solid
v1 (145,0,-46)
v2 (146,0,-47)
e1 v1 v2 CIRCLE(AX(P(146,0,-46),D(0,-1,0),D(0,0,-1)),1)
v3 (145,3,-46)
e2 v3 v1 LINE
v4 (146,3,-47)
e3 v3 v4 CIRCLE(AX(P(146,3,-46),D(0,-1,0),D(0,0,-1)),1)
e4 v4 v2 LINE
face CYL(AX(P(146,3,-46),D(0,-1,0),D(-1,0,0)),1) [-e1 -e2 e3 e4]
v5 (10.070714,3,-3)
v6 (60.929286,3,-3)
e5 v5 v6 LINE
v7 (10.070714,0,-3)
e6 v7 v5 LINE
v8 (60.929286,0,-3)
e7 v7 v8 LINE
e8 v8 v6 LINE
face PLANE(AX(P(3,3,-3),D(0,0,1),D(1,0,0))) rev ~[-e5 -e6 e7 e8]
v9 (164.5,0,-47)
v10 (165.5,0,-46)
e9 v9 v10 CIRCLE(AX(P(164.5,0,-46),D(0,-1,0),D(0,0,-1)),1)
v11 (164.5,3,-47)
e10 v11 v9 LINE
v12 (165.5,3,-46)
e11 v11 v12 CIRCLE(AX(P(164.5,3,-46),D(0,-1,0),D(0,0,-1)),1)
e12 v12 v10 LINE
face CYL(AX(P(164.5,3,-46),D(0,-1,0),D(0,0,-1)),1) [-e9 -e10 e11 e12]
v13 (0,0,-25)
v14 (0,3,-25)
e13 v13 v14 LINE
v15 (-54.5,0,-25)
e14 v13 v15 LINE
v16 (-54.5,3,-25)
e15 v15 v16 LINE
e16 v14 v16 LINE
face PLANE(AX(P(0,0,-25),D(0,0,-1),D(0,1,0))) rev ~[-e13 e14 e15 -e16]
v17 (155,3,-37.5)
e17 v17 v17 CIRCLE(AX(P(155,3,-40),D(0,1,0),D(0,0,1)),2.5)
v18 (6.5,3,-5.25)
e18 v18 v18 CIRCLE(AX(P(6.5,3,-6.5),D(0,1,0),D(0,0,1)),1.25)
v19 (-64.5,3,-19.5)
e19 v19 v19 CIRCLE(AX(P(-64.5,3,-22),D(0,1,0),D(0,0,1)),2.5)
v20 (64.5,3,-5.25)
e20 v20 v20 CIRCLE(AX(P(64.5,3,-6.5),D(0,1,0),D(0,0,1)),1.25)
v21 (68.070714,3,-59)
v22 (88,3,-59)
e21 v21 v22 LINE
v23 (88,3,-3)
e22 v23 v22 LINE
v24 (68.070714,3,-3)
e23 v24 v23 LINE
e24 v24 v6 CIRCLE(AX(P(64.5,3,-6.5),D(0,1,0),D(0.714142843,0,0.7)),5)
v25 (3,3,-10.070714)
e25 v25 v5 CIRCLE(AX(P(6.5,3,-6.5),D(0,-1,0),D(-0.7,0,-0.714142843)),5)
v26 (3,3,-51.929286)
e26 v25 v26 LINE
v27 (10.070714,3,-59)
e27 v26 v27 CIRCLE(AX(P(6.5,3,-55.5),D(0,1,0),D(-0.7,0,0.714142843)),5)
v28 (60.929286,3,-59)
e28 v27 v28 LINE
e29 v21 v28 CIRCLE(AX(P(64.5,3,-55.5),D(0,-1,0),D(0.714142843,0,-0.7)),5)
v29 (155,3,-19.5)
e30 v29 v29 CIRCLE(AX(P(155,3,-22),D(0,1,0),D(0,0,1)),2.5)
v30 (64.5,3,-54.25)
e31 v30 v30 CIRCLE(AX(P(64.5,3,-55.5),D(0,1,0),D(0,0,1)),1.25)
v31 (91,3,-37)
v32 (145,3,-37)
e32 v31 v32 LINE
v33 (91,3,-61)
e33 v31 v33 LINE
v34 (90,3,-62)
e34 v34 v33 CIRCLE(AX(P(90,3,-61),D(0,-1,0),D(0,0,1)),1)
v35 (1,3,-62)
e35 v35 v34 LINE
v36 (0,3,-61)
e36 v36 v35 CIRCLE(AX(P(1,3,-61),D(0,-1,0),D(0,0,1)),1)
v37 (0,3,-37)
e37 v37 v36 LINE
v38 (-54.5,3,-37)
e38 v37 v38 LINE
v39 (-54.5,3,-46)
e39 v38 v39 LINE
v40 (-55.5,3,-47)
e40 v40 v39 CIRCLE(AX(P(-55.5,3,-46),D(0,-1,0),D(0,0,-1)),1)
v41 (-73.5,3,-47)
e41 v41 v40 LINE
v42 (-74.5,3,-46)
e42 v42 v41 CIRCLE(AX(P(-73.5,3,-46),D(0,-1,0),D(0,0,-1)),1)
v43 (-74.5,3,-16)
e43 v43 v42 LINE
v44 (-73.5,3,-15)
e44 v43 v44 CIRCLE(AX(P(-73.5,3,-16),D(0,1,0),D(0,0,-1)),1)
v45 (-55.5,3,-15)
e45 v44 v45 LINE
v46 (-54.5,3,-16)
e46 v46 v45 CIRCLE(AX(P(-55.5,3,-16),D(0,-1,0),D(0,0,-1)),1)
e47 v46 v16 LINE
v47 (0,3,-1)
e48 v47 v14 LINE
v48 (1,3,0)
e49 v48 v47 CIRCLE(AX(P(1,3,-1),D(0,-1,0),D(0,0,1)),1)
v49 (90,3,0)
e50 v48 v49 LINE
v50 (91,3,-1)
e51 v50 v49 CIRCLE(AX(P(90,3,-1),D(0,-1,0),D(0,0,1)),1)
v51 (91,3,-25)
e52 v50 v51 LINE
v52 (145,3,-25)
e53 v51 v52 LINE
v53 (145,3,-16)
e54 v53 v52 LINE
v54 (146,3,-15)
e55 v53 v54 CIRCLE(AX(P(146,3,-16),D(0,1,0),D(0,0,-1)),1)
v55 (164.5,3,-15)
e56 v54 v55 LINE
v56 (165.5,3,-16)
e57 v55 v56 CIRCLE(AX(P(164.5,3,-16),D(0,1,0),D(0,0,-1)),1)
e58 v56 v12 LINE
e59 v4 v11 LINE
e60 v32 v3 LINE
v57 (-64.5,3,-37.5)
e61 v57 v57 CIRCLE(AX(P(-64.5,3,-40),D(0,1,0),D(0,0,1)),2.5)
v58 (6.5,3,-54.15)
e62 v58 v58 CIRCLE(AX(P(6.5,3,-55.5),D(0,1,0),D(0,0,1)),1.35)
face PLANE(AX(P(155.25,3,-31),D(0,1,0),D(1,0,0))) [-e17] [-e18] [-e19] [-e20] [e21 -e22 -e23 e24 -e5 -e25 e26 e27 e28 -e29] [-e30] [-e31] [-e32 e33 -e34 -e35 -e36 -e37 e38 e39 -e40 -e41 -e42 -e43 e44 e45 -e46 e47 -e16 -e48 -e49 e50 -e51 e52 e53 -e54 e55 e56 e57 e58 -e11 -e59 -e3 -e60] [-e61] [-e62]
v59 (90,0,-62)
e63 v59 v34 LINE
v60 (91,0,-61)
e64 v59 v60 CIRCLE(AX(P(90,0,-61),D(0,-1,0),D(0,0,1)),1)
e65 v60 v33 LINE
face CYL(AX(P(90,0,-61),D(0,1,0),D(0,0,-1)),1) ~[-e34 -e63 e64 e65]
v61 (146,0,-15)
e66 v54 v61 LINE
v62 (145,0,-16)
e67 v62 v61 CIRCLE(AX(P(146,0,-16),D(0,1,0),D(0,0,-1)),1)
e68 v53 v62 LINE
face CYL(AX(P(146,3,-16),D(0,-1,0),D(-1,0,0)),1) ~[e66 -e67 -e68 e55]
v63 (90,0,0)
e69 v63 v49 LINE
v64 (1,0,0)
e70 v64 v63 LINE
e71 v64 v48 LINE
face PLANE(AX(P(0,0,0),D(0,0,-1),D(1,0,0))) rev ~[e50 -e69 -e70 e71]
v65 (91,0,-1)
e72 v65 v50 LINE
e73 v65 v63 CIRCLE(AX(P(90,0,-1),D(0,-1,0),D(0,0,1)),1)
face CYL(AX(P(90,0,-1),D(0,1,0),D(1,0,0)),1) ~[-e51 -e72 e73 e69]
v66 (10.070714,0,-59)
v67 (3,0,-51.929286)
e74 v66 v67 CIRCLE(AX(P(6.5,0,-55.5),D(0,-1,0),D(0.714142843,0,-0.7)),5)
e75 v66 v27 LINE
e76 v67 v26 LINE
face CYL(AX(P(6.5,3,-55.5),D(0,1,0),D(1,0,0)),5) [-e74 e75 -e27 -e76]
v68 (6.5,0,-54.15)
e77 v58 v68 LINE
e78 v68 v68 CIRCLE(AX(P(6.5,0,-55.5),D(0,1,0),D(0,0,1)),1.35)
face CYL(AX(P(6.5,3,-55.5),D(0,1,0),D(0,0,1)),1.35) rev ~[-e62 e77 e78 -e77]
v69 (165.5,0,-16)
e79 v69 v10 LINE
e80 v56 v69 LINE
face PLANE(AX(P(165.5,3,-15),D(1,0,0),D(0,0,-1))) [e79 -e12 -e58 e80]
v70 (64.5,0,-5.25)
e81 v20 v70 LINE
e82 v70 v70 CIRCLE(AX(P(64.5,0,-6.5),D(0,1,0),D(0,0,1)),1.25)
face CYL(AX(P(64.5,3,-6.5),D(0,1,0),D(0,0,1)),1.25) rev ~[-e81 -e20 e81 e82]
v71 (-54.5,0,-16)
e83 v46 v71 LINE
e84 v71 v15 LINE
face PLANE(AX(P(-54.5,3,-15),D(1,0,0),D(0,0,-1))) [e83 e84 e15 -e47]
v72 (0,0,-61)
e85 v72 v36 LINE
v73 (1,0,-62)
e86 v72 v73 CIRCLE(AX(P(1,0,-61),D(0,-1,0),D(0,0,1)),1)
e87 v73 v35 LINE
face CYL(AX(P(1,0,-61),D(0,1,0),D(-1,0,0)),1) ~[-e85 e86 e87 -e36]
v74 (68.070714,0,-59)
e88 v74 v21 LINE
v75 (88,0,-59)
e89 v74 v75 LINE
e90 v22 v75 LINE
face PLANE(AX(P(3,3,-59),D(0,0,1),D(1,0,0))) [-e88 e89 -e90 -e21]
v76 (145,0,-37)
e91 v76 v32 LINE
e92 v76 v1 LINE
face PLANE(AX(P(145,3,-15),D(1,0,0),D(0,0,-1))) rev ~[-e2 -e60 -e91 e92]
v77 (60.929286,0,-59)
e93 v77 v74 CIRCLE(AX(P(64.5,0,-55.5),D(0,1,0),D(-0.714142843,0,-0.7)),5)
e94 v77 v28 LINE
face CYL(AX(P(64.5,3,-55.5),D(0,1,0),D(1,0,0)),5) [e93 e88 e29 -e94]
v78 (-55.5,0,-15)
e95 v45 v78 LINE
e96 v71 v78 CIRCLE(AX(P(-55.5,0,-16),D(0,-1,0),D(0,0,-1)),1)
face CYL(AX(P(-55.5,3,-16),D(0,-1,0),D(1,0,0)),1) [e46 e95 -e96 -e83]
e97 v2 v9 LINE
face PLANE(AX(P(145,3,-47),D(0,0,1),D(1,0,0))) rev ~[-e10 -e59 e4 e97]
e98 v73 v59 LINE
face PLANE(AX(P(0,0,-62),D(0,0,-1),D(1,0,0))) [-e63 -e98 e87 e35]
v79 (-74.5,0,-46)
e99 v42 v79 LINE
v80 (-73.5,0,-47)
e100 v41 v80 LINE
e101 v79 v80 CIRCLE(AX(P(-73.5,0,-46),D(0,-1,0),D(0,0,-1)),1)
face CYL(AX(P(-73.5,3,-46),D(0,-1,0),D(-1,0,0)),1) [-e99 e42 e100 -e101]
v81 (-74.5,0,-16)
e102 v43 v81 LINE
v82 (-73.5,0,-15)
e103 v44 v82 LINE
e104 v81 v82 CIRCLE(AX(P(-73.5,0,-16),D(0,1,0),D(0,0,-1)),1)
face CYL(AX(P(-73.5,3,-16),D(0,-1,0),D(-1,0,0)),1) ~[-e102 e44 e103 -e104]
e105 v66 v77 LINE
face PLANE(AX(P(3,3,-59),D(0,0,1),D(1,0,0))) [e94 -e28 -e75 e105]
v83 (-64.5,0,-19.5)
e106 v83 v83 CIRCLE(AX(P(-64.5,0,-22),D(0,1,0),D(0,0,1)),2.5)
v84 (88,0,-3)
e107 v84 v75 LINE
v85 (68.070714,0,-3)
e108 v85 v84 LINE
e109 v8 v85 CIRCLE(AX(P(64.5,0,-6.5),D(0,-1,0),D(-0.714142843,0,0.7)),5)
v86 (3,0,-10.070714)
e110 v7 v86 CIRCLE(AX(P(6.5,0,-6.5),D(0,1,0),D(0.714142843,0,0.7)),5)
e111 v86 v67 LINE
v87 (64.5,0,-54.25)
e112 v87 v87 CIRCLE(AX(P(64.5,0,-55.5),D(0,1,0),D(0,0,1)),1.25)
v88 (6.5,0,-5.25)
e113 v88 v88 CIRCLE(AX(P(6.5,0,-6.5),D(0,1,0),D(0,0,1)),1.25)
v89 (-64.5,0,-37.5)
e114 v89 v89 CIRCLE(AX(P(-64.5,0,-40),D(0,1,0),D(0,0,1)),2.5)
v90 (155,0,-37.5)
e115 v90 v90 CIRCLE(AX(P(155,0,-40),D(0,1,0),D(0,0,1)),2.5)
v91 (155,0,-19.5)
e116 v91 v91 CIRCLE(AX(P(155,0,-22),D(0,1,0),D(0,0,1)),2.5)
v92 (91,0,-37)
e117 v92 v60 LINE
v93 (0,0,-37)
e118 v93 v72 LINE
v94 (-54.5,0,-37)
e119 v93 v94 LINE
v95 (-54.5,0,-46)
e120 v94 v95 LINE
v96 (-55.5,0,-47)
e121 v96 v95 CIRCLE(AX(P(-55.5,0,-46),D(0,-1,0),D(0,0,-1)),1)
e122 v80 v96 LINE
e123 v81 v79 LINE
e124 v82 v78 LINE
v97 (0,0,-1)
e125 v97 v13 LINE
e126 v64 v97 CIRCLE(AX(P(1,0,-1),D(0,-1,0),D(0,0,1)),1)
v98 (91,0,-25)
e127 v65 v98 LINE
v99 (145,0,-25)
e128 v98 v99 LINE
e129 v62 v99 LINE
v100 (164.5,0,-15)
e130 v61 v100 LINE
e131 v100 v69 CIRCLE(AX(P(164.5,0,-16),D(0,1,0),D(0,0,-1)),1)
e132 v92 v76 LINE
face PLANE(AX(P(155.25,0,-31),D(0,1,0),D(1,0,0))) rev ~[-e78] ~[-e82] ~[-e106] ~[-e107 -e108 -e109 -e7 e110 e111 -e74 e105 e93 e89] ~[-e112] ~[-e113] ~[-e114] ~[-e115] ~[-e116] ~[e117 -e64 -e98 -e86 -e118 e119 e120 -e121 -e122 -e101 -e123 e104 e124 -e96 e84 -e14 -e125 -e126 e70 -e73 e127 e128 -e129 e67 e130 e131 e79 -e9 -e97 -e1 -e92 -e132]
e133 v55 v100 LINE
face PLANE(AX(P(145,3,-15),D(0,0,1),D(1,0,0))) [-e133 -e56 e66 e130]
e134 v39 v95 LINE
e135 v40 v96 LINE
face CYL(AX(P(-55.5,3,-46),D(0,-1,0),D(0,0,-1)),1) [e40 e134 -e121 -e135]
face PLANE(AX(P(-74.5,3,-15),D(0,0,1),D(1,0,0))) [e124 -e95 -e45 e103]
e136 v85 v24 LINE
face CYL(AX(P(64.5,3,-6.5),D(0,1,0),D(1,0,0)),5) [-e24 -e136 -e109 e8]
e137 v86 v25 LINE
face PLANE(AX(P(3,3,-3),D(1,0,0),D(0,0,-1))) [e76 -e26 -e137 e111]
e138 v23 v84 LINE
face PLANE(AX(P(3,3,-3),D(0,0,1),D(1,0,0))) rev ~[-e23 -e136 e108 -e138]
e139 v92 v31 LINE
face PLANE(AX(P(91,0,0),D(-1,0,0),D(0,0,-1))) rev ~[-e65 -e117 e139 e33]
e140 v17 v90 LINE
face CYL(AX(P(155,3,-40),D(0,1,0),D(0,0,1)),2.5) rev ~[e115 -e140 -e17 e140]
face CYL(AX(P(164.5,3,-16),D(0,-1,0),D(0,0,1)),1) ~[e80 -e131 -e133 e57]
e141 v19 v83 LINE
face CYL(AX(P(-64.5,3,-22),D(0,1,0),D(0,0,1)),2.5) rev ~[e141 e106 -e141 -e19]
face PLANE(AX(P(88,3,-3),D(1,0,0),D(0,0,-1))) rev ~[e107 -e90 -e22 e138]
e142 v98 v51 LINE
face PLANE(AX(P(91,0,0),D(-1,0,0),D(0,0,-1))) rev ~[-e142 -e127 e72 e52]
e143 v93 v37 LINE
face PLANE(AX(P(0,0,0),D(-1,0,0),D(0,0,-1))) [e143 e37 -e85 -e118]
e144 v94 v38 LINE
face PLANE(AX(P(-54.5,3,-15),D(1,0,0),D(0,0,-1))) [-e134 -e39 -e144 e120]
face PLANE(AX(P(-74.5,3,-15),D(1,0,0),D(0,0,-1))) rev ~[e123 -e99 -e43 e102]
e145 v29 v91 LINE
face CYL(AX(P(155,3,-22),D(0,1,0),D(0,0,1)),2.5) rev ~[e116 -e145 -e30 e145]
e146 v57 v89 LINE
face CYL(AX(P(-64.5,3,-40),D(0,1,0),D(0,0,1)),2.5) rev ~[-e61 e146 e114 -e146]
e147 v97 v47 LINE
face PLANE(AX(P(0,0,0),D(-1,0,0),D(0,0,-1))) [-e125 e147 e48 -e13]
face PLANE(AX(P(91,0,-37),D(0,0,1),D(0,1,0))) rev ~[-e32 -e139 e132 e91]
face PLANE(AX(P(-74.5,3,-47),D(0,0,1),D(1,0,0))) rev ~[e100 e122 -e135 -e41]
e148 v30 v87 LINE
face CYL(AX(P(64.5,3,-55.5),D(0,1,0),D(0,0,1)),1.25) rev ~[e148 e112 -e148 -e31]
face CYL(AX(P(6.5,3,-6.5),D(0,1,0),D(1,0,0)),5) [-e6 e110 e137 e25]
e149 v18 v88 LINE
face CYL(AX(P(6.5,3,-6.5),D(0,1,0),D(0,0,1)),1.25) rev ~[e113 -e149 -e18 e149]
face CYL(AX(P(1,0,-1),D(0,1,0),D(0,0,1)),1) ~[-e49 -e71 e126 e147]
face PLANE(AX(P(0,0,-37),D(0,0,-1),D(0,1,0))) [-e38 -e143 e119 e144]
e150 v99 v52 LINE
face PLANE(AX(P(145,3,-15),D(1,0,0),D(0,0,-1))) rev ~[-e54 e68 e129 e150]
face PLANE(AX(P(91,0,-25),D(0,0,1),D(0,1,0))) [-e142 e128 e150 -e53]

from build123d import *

# Parameters (mm, degrees)
SKETCH1_W           = 91
SKETCH1_H           = 62
BOSS_EXTRUDE3_DEPTH = 3
SKETCH2_W           = 85
SKETCH2_H           = 56
CUT_EXTRUDE1_DEPTH  = 3
SKETCH3_R           = 5
SKETCH3_R_2         = 1.25
SKETCH3_R_3         = 1.35
BOSS_EXTRUDE4_DEPTH = 3
SKETCH4_W           = 12
SKETCH4_H           = 3
BOSS_EXTRUDE5_DEPTH = 54.5
SKETCH5_W           = 20
SKETCH5_H           = 32
SKETCH5_R           = 2.5
BOSS_EXTRUDE6_DEPTH = 3
SKETCH6_W           = 12
SKETCH6_H           = 3
BOSS_EXTRUDE7_DEPTH = 54.5
SKETCH7_R           = 5
SKETCH7_R_2         = 1.25
BOSS_EXTRUDE8_DEPTH = 3
SKETCH8_W           = 20.5
SKETCH8_H           = 32
SKETCH8_R           = 2.5
BOSS_EXTRUDE9_DEPTH = 3
FILLET1_R           = 1


with BuildPart() as part:
    # Sketch1 → Boss-Extrude3 (new body)
    with BuildSketch(Plane(origin=(0, 0, 0), x_dir=(1, 0, 0), z_dir=(0, 1, 0))):
        with Locations((45.5, 31)):
            Rectangle(SKETCH1_W, SKETCH1_H)
    extrude(amount=BOSS_EXTRUDE3_DEPTH)

    # Sketch2 → Cut-Extrude1 (cut)
    with BuildSketch(Plane(origin=(0, 3, 0), x_dir=(1, 0, 0), z_dir=(0, 1, 0))):
        with Locations((45.5, 31)):
            Rectangle(SKETCH2_W, SKETCH2_H)
    extrude(amount=-CUT_EXTRUDE1_DEPTH, mode=Mode.SUBTRACT)

    # Sketch3 → Boss-Extrude4 (add)
    # profile 1 of 2: a face of its own
    with BuildSketch(Plane(origin=(0, 3, 0), x_dir=(1, 0, 0), z_dir=(0, 1, 0))):
        with Locations((6.5, 6.5)):
            Circle(SKETCH3_R)
        with Locations(Location((6.5, 6.5, 0), (0, 0, 270))):
            Circle(SKETCH3_R_2, mode=Mode.SUBTRACT)
    # profile 2 of 2: a face of its own
    with BuildSketch(Plane(origin=(0, 3, 0), x_dir=(1, 0, 0), z_dir=(0, 1, 0))):
        with Locations((6.5, 55.5)):
            Circle(SKETCH3_R)
        with Locations(Location((6.5, 55.5, 0), (0, 0, 270))):
            Circle(SKETCH3_R_3, mode=Mode.SUBTRACT)
    extrude(amount=-BOSS_EXTRUDE4_DEPTH)

    # Sketch4 → Boss-Extrude5 (add)
    with BuildSketch(Plane.ZY):
        with Locations((-31, 1.5)):
            Rectangle(SKETCH4_W, SKETCH4_H)
    extrude(amount=BOSS_EXTRUDE5_DEPTH)

    # Sketch5 → Boss-Extrude6 (add)
    with BuildSketch(Plane(origin=(0, 3, 0), x_dir=(1, 0, 0), z_dir=(0, 1, 0))):
        with Locations((-64.5, 31)):
            Rectangle(SKETCH5_W, SKETCH5_H)
        with Locations(Location((-64.5, 40, 0), (0, 0, 270))):
            Circle(SKETCH5_R, mode=Mode.SUBTRACT)
        with Locations(Location((-64.5, 22, 0), (0, 0, 270))):
            Circle(SKETCH5_R, mode=Mode.SUBTRACT)
    extrude(amount=-BOSS_EXTRUDE6_DEPTH)

    # Sketch6 → Boss-Extrude7 (add)
    with BuildSketch(Plane(origin=(91, 0, 0), x_dir=(0, 0, -1), z_dir=(1, 0, 0))):
        with Locations((31, 1.5)):
            Rectangle(SKETCH6_W, SKETCH6_H)
    extrude(amount=BOSS_EXTRUDE7_DEPTH)

    # Sketch7 → Boss-Extrude8 (add)
    # profile 1 of 2: a face of its own
    with BuildSketch(Plane(origin=(0, 3, 0), x_dir=(1, 0, 0), z_dir=(0, 1, 0))):
        with Locations((64.5, 55.5)):
            Circle(SKETCH7_R)
        with Locations(Location((64.5, 55.5, 0), (0, 0, 270))):
            Circle(SKETCH7_R_2, mode=Mode.SUBTRACT)
    # profile 2 of 2: a face of its own
    with BuildSketch(Plane(origin=(0, 3, 0), x_dir=(1, 0, 0), z_dir=(0, 1, 0))):
        with Locations((64.5, 6.5)):
            Circle(SKETCH7_R)
        with Locations(Location((64.5, 6.5, 0), (0, 0, 270))):
            Circle(SKETCH7_R_2, mode=Mode.SUBTRACT)
    extrude(amount=-BOSS_EXTRUDE8_DEPTH)

    # Sketch8 → Boss-Extrude9 (add)
    with BuildSketch(Plane(origin=(0, 3, 0), x_dir=(1, 0, 0), z_dir=(0, 1, 0))):
        with Locations((155.25, 31)):
            Rectangle(SKETCH8_W, SKETCH8_H)
        with Locations(Location((155, 40, 0), (0, 0, 270))):
            Circle(SKETCH8_R, mode=Mode.SUBTRACT)
        with Locations(Location((155, 22, 0), (0, 0, 270))):
            Circle(SKETCH8_R, mode=Mode.SUBTRACT)
    extrude(amount=-BOSS_EXTRUDE9_DEPTH)

    # Fillet1
    fillet1_edges = [part.edges().sort_by_distance(p)[0] for p in [
        (145, 1.5, -15),
        (145, 1.5, -47),
        (165.5, 1.5, -47),
        (165.5, 1.5, -15),
        (-54.5, 1.5, -47),
        (-54.5, 1.5, -15),
        (-74.5, 1.5, -15),
        (-74.5, 1.5, -47),
        (0, 1.5, -62),
        (91, 1.5, -62),
        (91, 1.5, 0),
        (0, 1.5, 0),
    ]]
    fillet(fillet1_edges, radius=FILLET1_R)


solid = part.part
